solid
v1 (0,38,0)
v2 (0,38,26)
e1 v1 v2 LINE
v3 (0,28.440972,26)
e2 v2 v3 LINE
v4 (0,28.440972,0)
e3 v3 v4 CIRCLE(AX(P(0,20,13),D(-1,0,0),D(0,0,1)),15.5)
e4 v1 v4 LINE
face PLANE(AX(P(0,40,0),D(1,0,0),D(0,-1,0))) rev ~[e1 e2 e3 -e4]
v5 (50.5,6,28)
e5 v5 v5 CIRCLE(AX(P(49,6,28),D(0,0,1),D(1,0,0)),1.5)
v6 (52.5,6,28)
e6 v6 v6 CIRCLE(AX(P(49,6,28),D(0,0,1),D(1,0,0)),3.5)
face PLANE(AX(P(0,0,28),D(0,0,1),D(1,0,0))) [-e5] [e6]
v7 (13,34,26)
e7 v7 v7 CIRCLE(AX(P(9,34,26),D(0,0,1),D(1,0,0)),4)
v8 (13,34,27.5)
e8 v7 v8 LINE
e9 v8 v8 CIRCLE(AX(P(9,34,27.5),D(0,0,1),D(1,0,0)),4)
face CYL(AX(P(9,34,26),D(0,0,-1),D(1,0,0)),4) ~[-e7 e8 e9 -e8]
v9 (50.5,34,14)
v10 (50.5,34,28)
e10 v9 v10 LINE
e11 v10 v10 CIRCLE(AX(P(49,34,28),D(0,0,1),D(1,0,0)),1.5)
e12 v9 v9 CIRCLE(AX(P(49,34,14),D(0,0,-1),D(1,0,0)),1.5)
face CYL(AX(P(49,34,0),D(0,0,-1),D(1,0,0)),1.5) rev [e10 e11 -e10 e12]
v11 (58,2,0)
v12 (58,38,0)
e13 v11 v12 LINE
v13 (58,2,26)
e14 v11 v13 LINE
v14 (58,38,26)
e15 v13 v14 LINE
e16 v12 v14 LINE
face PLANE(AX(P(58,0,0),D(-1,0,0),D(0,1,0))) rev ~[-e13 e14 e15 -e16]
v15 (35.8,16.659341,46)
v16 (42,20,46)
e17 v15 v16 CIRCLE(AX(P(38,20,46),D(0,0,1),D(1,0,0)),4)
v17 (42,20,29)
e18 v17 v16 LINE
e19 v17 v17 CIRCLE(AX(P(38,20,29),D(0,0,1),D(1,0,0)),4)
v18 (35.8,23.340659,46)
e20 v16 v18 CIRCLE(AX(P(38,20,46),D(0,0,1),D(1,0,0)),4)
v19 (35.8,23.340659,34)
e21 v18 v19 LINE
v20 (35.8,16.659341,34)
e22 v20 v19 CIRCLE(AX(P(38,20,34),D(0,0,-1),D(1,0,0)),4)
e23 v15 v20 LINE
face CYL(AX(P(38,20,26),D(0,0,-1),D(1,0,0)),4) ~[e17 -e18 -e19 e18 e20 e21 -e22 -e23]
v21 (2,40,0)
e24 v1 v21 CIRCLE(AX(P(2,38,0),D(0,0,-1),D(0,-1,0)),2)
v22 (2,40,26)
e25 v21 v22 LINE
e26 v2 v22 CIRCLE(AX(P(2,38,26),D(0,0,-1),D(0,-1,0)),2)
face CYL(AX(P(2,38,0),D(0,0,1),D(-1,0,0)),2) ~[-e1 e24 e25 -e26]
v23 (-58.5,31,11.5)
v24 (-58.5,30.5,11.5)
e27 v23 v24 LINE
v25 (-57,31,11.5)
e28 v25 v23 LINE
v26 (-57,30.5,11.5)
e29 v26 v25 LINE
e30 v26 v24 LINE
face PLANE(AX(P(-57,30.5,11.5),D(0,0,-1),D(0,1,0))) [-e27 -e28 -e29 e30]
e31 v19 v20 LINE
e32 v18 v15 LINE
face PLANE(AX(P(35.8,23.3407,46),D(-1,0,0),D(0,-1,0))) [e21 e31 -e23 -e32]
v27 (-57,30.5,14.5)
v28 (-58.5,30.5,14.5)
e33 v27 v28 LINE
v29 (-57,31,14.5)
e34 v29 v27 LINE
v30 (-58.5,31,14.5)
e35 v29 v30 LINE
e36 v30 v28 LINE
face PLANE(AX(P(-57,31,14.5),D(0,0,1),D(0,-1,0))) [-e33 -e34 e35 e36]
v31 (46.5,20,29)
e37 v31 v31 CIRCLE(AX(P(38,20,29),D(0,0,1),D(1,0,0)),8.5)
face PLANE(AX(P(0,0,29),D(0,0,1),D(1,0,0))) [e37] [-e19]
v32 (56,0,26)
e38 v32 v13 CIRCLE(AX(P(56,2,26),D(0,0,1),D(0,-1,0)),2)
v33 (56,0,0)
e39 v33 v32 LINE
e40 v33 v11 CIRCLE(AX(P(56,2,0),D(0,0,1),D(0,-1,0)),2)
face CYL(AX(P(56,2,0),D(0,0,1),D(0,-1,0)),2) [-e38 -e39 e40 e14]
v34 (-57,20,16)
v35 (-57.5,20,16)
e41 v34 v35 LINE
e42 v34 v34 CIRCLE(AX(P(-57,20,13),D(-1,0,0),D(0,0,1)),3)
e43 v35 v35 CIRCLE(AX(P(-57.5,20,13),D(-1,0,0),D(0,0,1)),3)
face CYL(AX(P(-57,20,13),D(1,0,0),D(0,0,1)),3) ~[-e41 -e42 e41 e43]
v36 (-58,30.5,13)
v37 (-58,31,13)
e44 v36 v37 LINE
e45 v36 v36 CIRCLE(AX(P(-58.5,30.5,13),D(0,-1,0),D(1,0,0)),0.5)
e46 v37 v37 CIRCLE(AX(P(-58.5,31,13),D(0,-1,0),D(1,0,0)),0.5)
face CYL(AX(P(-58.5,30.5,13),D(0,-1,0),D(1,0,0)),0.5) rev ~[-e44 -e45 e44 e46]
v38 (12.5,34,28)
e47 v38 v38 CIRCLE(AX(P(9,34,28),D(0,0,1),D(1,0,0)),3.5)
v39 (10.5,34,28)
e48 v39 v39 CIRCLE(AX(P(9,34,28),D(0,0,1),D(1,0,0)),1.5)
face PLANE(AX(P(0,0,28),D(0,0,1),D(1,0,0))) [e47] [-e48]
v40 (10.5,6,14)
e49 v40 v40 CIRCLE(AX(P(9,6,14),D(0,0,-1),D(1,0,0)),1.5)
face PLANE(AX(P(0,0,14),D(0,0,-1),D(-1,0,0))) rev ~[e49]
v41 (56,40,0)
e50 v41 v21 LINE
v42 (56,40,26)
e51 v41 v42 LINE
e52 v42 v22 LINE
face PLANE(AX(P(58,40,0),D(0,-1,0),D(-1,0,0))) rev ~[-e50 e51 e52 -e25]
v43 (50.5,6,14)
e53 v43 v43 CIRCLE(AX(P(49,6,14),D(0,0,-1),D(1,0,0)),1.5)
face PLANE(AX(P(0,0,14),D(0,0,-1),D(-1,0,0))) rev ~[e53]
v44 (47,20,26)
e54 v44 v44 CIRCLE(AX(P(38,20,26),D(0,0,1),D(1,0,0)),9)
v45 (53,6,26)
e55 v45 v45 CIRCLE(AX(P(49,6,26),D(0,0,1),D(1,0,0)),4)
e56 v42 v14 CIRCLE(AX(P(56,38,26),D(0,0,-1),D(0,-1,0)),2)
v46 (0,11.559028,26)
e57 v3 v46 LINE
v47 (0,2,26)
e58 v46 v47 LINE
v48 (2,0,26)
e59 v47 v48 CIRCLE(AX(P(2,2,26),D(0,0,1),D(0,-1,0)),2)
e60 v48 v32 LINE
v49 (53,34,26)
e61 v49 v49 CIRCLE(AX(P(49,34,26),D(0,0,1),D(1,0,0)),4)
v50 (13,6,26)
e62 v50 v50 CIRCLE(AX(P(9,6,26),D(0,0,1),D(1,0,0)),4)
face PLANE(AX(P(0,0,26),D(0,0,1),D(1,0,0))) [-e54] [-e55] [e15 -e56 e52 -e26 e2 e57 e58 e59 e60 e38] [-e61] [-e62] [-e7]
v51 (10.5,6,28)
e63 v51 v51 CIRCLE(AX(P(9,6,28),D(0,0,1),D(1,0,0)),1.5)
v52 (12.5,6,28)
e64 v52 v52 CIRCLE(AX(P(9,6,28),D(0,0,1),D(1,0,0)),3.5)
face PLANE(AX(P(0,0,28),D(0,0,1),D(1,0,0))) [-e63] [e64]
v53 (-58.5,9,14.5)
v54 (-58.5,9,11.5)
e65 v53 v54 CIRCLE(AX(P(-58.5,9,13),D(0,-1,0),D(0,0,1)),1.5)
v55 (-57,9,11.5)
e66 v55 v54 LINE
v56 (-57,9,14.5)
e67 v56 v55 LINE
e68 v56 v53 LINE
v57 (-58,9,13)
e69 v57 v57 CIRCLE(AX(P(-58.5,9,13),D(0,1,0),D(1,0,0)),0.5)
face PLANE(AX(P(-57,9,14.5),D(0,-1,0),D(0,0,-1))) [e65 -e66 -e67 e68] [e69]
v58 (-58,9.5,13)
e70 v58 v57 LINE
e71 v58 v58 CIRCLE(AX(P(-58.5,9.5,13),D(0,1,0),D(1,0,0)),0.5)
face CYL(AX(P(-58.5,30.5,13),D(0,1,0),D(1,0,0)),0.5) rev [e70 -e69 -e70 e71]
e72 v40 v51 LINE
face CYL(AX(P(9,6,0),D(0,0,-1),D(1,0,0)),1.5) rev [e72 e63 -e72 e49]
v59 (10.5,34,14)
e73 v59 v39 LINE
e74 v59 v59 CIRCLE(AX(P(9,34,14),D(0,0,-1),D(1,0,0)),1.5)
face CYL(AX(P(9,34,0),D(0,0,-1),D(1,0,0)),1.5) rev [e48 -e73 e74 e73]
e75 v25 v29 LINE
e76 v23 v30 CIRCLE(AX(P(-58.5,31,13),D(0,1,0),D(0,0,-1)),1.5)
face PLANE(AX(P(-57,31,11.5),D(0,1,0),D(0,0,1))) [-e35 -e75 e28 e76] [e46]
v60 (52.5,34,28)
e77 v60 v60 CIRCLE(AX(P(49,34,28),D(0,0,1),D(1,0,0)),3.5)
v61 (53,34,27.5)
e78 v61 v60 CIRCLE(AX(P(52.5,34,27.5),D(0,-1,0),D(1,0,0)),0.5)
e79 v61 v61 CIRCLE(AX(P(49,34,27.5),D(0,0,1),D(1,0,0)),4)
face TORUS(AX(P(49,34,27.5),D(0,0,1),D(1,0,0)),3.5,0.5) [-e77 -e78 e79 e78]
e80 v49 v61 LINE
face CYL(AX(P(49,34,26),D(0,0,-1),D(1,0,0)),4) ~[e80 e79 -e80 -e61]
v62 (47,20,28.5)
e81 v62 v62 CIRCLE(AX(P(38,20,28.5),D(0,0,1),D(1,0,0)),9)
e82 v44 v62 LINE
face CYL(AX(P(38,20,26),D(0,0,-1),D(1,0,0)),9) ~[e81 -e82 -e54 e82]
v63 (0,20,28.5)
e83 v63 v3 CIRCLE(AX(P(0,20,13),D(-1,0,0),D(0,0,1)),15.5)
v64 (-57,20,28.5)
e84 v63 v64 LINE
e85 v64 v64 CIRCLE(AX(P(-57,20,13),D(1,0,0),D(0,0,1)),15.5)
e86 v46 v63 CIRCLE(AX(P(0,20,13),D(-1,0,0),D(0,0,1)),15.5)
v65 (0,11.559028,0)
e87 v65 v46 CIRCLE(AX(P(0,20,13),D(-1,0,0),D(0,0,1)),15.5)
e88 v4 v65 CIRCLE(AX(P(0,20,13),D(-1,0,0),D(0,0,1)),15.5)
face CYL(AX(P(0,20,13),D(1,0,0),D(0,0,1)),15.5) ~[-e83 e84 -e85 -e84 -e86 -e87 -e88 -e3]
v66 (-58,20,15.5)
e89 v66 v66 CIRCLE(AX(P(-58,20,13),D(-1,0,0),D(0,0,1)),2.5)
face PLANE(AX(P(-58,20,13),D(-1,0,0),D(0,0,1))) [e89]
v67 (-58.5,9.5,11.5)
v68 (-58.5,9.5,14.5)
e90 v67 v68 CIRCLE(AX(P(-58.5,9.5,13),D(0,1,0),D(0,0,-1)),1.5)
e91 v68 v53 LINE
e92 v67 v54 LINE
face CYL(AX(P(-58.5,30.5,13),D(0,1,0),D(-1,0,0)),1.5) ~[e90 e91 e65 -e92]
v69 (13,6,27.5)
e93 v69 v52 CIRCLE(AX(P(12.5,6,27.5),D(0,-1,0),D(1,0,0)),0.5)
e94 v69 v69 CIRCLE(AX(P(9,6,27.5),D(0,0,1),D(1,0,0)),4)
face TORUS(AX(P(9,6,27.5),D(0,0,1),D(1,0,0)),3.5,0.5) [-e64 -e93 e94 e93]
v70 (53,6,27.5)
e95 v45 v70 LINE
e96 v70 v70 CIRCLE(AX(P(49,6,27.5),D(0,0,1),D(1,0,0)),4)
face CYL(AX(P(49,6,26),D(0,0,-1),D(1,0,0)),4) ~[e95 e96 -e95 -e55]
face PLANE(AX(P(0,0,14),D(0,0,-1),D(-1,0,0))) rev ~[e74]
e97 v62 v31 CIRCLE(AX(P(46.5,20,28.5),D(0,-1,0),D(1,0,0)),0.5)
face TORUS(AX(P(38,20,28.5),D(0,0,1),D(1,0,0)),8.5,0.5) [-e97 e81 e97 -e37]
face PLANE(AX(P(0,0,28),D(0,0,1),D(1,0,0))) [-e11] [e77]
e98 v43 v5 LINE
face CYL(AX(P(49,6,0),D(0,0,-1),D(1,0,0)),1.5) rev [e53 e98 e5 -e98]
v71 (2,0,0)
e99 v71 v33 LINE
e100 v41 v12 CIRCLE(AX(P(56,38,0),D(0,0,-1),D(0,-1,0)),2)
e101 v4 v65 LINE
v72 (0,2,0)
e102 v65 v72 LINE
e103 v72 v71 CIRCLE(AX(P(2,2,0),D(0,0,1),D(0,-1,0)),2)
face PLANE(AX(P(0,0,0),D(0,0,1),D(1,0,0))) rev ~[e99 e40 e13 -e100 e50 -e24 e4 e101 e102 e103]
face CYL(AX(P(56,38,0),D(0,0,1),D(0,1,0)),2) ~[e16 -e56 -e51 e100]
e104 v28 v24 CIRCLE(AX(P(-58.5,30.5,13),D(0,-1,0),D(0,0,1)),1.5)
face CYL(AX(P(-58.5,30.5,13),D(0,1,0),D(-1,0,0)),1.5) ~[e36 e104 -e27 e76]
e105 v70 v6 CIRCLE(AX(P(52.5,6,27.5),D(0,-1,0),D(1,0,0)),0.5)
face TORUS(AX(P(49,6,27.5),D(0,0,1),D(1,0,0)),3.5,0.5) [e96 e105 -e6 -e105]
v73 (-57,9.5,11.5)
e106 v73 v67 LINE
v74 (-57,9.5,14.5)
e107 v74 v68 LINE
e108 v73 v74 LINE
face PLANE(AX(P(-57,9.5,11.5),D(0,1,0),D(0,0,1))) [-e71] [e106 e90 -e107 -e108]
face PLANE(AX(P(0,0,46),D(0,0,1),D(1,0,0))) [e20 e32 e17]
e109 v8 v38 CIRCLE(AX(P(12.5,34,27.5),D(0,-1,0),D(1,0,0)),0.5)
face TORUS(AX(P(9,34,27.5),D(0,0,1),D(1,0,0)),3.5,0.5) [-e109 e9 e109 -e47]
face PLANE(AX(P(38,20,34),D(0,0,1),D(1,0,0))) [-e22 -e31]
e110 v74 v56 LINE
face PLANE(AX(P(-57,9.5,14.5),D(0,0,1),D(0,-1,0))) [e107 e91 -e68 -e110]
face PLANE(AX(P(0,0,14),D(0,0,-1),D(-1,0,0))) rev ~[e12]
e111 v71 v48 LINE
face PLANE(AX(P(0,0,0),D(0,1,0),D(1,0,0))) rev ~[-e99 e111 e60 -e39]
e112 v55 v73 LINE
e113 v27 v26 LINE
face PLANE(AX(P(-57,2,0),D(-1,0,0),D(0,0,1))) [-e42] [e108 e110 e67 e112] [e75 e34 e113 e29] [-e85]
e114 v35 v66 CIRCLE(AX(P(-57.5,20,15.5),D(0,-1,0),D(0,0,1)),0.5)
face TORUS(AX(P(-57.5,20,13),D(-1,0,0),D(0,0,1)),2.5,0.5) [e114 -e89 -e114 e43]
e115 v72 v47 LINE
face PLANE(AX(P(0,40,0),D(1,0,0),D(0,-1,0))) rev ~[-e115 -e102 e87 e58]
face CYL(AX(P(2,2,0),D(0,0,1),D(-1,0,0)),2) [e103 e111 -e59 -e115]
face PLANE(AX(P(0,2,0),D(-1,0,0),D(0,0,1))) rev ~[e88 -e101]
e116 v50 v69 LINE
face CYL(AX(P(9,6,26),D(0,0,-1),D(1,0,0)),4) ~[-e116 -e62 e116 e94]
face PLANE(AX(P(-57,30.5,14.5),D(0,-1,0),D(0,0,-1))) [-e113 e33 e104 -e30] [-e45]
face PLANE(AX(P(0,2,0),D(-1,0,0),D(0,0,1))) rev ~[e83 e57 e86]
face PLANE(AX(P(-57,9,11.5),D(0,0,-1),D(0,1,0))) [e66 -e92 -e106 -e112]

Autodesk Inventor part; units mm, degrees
ref_plane "YZ Plane" through (0, 0, 0) normal (1, 0, 0) x (0, 1, 0)
ref_plane "XZ Plane" through (0, 0, 0) normal (0, 1, 0) x (-1, 0, 0)
ref_plane "XY Plane" through (0, 0, 0) normal (0, 0, 1) x (1, 0, 0)
sketch "Sketch1" plane through (0, 0, 0) normal (0, 0, 1) x (1, 0, 0)
  line L0 (0, 0) -> (58, 0)
  line L1 (58, 0) -> (58, 40)
  line L2 (58, 40) -> (0, 40)
  line L3 (0, 40) -> (0, 0)
  line L4 (9, 34) -> (49, 34) construction
  line L5 (49, 34) -> (49, 6) construction
  line L6 (49, 6) -> (9, 6) construction
  line L7 (9, 6) -> (9, 34) construction
  circle A0 centre (49, 34) radius 1.5
  circle A1 centre (49, 6) radius 1.5
  circle A2 centre (9, 34) radius 1.5
  circle A3 centre (9, 6) radius 1.5
  point P0 (49, 20)
  point P1 (0, 20)
  point P2 (29, 34)
  point P3 (29, 40)
  dimension "d0" = 58
  dimension "d1" = 40
  dimension "d2" = 40
  dimension "d3" = 28
  dimension "d4" = 3
  dimension "d5" = 3
  dimension "d6" = 3
  dimension "d7" = 3
extrude "Extrusion1" add sketch "Sketch1" along normal blind 26
sketch "Sketch2" plane through (0, 0, 26) normal (0, 0, 1) x (1, 0, 0)
  circle A0 centre (38, 20) radius 4
  line L0 (58, 0) -> (58, 40) projected
  circle A1 centre (49, 34) radius 1.5 projected
  point P0 (0, 0)
  point P1 (58, 20)
  dimension "d10" = 8
  dimension "d12" = 11
extrude "Extrusion2" add sketch "Sketch2" along normal blind 20 contours A0
sketch "Sketch3" plane through (0, 0, 26) normal (0, 0, 1) x (1, 0, 0)
  circle A0 centre (38, 20) radius 4 projected
  circle A1 centre (38, 20) radius 9
  point P0 (0, 0)
  dimension "d15" = 18
extrude "Extrusion3" add sketch "Sketch3" along normal blind 3
fillet "Fillet1" radius 2 4 edges at (58, 40, 13) (58, 0, 13) (0, 40, 13) (0, 0, 13)
sketch "Sketch4" plane through (0, 2, 0) normal (-1, 0, 0) x (0, 0, 1)
  circle A0 centre (13, 18) radius 15.5
  line L0 (0, 36) -> (0, 0) projected
  line L1 (26, 38) -> (0, 38) projected
  point P0 (0, -2)
  point P1 (0, 18)
  point P2 (13, 38)
  dimension "d19" = 31
extrude "Extrusion4" add sketch "Sketch4" along normal blind 57
sketch "Sketch5" plane through (38, 20, 46) normal (0, 0, 1) x (1, 0, 0)
  circle A0 centre (0, 0) radius 4 construction
  line L0 (-2.2, 3.3407) -> (-2.2, -3.3407)
  arc A1 (-2.2, 3.3407) -> (-2.2, -3.3407) centre (0, 0) ccw
  point P0 (-38, -20)
  dimension "d22" = 2.2
extrude "Extrusion5" cut sketch "Sketch5" against normal blind 12
sketch "Sketch6" plane through (0, 0, 26) normal (0, 0, 1) x (1, 0, 0)
  circle A0 centre (49, 34) radius 1.5 projected
  circle A1 centre (49, 6) radius 1.5 projected
  circle A2 centre (9, 6) radius 1.5 projected
  circle A3 centre (9, 34) radius 1.5 projected
  circle A4 centre (9, 34) radius 4
  circle A5 centre (9, 6) radius 4
  circle A6 centre (49, 6) radius 4
  circle A7 centre (49, 34) radius 4
  point P0 (0, 0)
  dimension "d25" = 8
  dimension "d26" = 8
  dimension "d27" = 8
  dimension "d28" = 8
extrude "Extrusion6" add sketch "Sketch6" along normal blind 2
sketch "Sketch8" plane through (0, 0, 0) normal (0, 0, -1) x (-1, 0, 0)
  circle A0 centre (-9, 6) radius 1.5 projected
  circle A1 centre (-9, 34) radius 1.5 projected
  circle A2 centre (-49, 6) radius 1.5 projected
  circle A3 centre (-49, 34) radius 1.5 projected
  arc A4 (-2, 0) -> (0, 2) centre (-2, 2) ccw construction
  line L0 (0, 38) -> (0, 28.441) construction
  arc A5 (0, 38) -> (-2, 40) centre (-2, 38) ccw construction
  line L1 (-56, 40) -> (-2, 40) construction
  arc A6 (-56, 40) -> (-58, 38) centre (-56, 38) ccw construction
  line L2 (-58, 2) -> (-58, 38) construction
  arc A7 (-58, 2) -> (-56, 0) centre (-56, 2) ccw construction
  line L3 (-2, 0) -> (-56, 0) construction
  line L4 (0, 11.559) -> (0, 2) projected
  line L5 (0, 28.441) -> (0, 11.559) projected
  point P0 (0, 0)
extrude "Extrusion7" add sketch "Sketch8" against normal blind 14
fillet "Fillet2" radius 0.5 5 edges at (45, 34, 28) (45, 6, 28) (5, 6, 28) (5, 34, 28) (29, 20, 29)
sketch "Sketch9" plane through (-57, 20, 13) normal (-1, 0, 0) x (0, 0, 1)
  line L0 (-1.5, 11) -> (1.5, 11)
  line L1 (1.5, 11) -> (1.5, 10.5)
  line L2 (1.5, 10.5) -> (-1.5, 10.5)
  line L3 (-1.5, 10.5) -> (-1.5, 11)
  line L4 (-1.5, -10.5) -> (1.5, -10.5)
  line L5 (1.5, -10.5) -> (1.5, -11)
  line L6 (1.5, -11) -> (-1.5, -11)
  line L7 (-1.5, -11) -> (-1.5, -10.5)
  circle A0 centre (0, 0) radius 15.5 construction
  point P0 (-13, -20)
  point P1 (0, 10.5)
  dimension "d34" = 3
  dimension "d35" = 0.5
  dimension "d36" = 3
  dimension "d37" = 0.5
  dimension "d38" = 10.5
  dimension "d39" = 10.5
extrude "Extrusion8" add sketch "Sketch9" along normal blind 3
sketch "Sketch10" plane through (-57, 30.5, 11.5) normal (0, -1, 0) x (1, 0, 0)
  circle A0 centre (-1.5, 1.5) radius 1.5 construction
  line L0 (0, 3) -> (-3, 3) construction
  line L1 (0, 0) -> (-3, 0) construction
  line L2 (-3, 3) -> (-3, 0) construction
  circle A1 centre (-1.5, 1.5) radius 0.5
  line L3 (-1.5, 0) -> (-3, 0)
  line L4 (-3, 0) -> (-3, 1.5)
  line L5 (-3, 1.5) -> (-3, 3)
  line L6 (-1.5, 3) -> (-3, 3)
  arc A2 (-1.5, 3) -> (-3, 1.5) centre (-1.5, 1.5) ccw
  arc A3 (-3, 1.5) -> (-1.5, 0) centre (-1.5, 1.5) ccw
  point P0 (57, -11.5)
  dimension "d43" = 1
extrude "Extrusion9" cut sketch "Sketch10" along normal through all both and the other way through all
sketch "Sketch11" plane through (-57, 20, 13) normal (-1, 0, 0) x (0, 0, 1)
  circle A0 centre (0, 0) radius 3
  circle A1 centre (0, 0) radius 15.5 construction
  point P0 (-13, -20)
  dimension "d46" = 6
extrude "Extrusion10" add sketch "Sketch11" along normal blind 1
fillet "Fillet4" radius 0.5 1 edges at (-58, 20, 10)
properties part number "uxcell 12V 6RPM 6mm Worm Gear Motor" material "Stainless Steel"
